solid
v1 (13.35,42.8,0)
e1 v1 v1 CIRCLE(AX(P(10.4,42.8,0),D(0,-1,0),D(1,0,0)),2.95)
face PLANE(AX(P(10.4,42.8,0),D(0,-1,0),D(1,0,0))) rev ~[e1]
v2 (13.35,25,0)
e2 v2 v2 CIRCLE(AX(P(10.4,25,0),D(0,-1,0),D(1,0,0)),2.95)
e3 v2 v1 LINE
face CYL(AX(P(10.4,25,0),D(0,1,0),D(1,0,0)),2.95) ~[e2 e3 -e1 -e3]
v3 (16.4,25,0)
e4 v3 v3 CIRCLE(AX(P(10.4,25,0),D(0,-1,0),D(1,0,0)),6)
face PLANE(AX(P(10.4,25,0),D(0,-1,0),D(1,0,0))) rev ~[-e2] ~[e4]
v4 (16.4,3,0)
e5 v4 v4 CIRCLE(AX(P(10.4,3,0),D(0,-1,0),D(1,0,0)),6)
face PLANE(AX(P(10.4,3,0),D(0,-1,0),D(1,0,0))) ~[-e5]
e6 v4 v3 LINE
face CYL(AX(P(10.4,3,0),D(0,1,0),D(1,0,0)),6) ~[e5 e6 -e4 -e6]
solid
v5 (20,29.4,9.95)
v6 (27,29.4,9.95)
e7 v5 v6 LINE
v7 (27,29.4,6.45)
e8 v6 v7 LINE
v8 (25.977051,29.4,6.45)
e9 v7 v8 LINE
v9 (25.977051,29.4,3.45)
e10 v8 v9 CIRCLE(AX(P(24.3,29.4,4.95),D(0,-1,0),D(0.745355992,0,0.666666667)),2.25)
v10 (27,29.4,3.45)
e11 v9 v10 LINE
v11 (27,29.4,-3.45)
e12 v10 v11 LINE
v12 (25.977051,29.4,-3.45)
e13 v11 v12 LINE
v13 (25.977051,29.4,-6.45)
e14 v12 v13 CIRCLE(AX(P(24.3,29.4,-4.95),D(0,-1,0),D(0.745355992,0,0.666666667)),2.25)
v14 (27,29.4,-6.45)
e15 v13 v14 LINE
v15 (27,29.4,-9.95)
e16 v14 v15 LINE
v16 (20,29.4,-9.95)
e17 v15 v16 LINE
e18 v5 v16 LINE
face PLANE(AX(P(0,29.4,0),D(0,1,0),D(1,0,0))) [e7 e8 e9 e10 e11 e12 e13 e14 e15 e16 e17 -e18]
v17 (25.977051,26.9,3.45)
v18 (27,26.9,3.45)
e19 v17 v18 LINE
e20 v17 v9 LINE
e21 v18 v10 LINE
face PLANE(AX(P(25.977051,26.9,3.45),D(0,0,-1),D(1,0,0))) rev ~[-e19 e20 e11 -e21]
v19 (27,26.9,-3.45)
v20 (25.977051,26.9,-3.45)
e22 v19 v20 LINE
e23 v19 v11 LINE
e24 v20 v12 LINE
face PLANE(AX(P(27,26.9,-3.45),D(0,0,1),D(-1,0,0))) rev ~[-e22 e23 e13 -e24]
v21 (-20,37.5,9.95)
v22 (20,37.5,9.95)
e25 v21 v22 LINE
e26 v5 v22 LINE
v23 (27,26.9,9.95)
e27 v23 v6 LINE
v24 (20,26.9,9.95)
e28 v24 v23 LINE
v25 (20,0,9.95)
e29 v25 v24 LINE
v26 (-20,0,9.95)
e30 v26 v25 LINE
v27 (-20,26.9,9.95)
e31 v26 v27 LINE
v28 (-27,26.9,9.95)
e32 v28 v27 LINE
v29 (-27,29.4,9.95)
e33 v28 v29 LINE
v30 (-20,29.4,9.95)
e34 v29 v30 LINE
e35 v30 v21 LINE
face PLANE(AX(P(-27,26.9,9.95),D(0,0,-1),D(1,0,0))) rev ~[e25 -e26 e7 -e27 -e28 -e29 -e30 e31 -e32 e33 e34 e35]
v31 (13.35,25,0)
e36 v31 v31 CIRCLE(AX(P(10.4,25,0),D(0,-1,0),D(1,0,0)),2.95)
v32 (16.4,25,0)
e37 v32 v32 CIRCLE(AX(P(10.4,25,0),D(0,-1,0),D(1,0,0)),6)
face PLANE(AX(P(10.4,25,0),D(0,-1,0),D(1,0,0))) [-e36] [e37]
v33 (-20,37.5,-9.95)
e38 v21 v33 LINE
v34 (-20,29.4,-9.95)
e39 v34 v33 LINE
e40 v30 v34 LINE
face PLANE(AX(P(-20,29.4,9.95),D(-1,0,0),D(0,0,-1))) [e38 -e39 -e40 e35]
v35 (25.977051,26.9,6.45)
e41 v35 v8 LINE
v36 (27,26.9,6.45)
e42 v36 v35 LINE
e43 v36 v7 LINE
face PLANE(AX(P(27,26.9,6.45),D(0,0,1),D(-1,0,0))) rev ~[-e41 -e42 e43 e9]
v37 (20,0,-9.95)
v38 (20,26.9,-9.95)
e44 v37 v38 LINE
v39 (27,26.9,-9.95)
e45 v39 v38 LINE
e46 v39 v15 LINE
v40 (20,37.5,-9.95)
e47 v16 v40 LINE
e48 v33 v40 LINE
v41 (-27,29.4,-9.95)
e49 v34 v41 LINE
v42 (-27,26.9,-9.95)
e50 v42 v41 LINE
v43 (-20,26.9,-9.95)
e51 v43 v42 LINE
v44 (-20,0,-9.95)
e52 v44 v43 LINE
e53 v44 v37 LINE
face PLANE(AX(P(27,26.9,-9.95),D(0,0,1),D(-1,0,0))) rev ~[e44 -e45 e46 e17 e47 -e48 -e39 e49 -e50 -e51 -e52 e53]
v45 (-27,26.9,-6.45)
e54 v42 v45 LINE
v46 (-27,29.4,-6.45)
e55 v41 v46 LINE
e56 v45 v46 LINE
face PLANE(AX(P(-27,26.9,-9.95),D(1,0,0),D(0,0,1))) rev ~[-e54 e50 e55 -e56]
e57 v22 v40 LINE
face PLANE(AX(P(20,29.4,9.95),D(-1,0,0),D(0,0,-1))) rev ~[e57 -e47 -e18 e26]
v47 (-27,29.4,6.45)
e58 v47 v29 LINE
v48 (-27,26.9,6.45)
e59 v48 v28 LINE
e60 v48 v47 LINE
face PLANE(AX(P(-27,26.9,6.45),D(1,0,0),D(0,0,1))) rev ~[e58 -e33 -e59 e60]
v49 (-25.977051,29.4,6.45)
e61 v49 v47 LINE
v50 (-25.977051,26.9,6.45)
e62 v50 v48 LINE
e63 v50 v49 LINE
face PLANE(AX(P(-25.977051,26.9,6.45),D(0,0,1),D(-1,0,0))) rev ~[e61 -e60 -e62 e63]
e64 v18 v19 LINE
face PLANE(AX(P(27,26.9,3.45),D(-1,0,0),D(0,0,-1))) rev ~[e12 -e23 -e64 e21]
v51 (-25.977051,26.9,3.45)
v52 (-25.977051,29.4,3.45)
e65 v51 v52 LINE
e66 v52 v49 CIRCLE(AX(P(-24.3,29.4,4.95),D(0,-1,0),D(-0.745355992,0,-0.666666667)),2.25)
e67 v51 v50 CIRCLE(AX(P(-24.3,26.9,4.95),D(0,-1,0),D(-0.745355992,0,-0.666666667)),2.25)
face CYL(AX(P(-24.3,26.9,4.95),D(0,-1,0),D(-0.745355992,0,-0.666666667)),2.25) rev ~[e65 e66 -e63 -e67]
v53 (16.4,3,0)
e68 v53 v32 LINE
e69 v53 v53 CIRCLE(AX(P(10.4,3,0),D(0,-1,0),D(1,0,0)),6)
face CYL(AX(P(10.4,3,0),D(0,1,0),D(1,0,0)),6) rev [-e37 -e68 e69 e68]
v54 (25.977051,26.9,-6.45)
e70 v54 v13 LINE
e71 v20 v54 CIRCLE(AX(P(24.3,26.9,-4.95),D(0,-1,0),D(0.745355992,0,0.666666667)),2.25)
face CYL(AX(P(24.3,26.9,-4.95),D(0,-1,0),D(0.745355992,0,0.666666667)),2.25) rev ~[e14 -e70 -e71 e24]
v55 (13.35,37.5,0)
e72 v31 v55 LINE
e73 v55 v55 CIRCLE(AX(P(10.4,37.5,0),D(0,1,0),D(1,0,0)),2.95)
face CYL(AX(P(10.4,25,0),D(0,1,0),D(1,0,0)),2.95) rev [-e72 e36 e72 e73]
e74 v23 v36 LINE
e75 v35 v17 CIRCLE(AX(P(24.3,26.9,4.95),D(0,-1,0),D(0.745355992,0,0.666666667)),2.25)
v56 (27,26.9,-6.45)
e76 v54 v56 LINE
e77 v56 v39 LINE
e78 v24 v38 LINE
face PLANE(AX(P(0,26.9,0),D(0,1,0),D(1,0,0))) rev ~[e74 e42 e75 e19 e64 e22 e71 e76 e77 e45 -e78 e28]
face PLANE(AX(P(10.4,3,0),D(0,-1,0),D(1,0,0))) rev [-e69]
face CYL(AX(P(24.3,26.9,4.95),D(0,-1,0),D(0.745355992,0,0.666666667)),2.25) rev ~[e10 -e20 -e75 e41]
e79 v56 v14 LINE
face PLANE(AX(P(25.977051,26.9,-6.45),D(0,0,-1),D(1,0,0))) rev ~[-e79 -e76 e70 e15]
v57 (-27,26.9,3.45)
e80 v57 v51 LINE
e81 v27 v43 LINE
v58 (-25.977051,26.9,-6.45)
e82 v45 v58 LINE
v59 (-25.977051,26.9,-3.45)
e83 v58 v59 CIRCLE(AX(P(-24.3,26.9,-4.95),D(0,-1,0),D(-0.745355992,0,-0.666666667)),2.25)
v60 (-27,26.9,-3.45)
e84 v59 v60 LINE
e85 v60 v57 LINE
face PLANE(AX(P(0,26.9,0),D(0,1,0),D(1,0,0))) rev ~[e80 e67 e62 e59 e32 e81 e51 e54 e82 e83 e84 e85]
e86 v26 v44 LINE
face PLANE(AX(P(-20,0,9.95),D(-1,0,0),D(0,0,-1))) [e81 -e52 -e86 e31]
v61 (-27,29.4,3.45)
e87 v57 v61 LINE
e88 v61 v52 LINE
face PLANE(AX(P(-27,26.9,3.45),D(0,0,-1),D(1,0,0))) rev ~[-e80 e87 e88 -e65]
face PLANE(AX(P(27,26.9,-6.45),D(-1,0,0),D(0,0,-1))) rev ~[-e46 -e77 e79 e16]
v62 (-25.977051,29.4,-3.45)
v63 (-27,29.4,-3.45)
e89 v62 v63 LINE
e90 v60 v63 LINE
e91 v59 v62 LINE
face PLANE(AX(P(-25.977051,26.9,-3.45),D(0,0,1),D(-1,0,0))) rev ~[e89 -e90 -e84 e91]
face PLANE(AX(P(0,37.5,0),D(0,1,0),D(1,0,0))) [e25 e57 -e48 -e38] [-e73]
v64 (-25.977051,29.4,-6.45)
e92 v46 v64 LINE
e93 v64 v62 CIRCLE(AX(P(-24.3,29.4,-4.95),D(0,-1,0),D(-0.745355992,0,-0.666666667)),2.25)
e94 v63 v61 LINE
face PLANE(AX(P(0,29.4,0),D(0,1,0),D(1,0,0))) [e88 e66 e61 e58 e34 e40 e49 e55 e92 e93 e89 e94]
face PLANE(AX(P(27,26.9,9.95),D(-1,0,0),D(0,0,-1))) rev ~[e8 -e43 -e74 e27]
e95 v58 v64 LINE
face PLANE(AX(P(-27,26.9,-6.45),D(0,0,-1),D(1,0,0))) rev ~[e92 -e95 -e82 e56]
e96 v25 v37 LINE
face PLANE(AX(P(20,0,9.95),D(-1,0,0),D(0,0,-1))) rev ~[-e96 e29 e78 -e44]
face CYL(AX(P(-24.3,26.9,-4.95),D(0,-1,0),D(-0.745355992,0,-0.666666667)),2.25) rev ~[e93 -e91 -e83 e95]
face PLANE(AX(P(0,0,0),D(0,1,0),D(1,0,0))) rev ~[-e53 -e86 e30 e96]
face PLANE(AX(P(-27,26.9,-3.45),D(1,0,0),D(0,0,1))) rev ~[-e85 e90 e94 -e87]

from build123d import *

# Parameters (mm, degrees)
SKETCH1_W           = 40
SKETCH1_H           = 19.9
BOSS_EXTRUDE1_DEPTH = 26.9
BOSS_EXTRUDE2_DEPTH = 2.5
SKETCH5_W           = 40
SKETCH5_H           = 19.9
BOSS_EXTRUDE3_DEPTH = 8.1


with BuildPart() as part:
    # Sketch1 → Boss-Extrude1 (new body)
    with BuildSketch(Plane(origin=(0, 0, 0), x_dir=(1, 0, 0), z_dir=(0, 1, 0))):
        Rectangle(SKETCH1_W, SKETCH1_H)
    extrude(amount=BOSS_EXTRUDE1_DEPTH)

    # Sketch4 → Boss-Extrude2 (add)
    with BuildSketch(Plane(origin=(0, 26.9, 0), x_dir=(1, 0, 0), z_dir=(0, 1, 0))):
        with BuildLine():
            Line((-27, -9.95), (27, -9.95))
            Line((27, -9.95), (27, -6.45))
            Line((27, -6.45), (25.977050983, -6.45))
            ThreePointArc((25.977050983, -6.45), (22.05, -4.95), (25.977050983, -3.45))
            Line((25.977050983, -3.45), (27, -3.45))
            Line((27, -3.45), (27, 3.45))
            Line((27, 3.45), (25.977050983, 3.45))
            ThreePointArc((25.977050983, 3.45), (22.05, 4.95), (25.977050983, 6.45))
            Line((25.977050983, 6.45), (27, 6.45))
            Line((27, 6.45), (27, 9.95))
            Line((27, 9.95), (-27, 9.95))
            Line((-27, 9.95), (-27, 6.45))
            Line((-27, 6.45), (-25.977050983, 6.45))
            ThreePointArc((-25.977050983, 6.45), (-22.05, 4.95), (-25.977050983, 3.45))
            Line((-25.977050983, 3.45), (-27, 3.45))
            Line((-27, 3.45), (-27, -3.45))
            Line((-27, -3.45), (-25.977050983, -3.45))
            ThreePointArc((-25.977050983, -3.45), (-22.05, -4.95), (-25.977050983, -6.45))
            Line((-25.977050983, -6.45), (-27, -6.45))
            Line((-27, -6.45), (-27, -9.95))
        make_face()
    extrude(amount=BOSS_EXTRUDE2_DEPTH)

    # Sketch5 → Boss-Extrude3 (add)
    with BuildSketch(Plane(origin=(0, 29.4, 0), x_dir=(1, 0, 0), z_dir=(0, 1, 0))):
        Rectangle(SKETCH5_W, SKETCH5_H)
    extrude(amount=BOSS_EXTRUDE3_DEPTH)

    # Sketch8 → Cut-Revolve1 (revolve, cut)
    with BuildSketch(Plane.XY):
        Polygon((10.4, 42.8), (10.4, 3), (16.4, 3), (16.4, 25), (13.35, 25), (13.35, 42.8), align=None)
    revolve(axis=Axis((10.4, 42.8, 0), (0, -1, 0)), mode=Mode.SUBTRACT)


with BuildPart() as body_2:
    # Sketch8<2> → Revolve1 (revolve)
    with BuildSketch(Plane.XY):
        Polygon((10.4, 42.8), (10.4, 3), (16.4, 3), (16.4, 25), (13.35, 25), (13.35, 42.8), align=None)
    revolve(axis=Axis((10.4, 42.8, 0), (0, -1, 0)))


solid = Compound([part.part, body_2.part])
